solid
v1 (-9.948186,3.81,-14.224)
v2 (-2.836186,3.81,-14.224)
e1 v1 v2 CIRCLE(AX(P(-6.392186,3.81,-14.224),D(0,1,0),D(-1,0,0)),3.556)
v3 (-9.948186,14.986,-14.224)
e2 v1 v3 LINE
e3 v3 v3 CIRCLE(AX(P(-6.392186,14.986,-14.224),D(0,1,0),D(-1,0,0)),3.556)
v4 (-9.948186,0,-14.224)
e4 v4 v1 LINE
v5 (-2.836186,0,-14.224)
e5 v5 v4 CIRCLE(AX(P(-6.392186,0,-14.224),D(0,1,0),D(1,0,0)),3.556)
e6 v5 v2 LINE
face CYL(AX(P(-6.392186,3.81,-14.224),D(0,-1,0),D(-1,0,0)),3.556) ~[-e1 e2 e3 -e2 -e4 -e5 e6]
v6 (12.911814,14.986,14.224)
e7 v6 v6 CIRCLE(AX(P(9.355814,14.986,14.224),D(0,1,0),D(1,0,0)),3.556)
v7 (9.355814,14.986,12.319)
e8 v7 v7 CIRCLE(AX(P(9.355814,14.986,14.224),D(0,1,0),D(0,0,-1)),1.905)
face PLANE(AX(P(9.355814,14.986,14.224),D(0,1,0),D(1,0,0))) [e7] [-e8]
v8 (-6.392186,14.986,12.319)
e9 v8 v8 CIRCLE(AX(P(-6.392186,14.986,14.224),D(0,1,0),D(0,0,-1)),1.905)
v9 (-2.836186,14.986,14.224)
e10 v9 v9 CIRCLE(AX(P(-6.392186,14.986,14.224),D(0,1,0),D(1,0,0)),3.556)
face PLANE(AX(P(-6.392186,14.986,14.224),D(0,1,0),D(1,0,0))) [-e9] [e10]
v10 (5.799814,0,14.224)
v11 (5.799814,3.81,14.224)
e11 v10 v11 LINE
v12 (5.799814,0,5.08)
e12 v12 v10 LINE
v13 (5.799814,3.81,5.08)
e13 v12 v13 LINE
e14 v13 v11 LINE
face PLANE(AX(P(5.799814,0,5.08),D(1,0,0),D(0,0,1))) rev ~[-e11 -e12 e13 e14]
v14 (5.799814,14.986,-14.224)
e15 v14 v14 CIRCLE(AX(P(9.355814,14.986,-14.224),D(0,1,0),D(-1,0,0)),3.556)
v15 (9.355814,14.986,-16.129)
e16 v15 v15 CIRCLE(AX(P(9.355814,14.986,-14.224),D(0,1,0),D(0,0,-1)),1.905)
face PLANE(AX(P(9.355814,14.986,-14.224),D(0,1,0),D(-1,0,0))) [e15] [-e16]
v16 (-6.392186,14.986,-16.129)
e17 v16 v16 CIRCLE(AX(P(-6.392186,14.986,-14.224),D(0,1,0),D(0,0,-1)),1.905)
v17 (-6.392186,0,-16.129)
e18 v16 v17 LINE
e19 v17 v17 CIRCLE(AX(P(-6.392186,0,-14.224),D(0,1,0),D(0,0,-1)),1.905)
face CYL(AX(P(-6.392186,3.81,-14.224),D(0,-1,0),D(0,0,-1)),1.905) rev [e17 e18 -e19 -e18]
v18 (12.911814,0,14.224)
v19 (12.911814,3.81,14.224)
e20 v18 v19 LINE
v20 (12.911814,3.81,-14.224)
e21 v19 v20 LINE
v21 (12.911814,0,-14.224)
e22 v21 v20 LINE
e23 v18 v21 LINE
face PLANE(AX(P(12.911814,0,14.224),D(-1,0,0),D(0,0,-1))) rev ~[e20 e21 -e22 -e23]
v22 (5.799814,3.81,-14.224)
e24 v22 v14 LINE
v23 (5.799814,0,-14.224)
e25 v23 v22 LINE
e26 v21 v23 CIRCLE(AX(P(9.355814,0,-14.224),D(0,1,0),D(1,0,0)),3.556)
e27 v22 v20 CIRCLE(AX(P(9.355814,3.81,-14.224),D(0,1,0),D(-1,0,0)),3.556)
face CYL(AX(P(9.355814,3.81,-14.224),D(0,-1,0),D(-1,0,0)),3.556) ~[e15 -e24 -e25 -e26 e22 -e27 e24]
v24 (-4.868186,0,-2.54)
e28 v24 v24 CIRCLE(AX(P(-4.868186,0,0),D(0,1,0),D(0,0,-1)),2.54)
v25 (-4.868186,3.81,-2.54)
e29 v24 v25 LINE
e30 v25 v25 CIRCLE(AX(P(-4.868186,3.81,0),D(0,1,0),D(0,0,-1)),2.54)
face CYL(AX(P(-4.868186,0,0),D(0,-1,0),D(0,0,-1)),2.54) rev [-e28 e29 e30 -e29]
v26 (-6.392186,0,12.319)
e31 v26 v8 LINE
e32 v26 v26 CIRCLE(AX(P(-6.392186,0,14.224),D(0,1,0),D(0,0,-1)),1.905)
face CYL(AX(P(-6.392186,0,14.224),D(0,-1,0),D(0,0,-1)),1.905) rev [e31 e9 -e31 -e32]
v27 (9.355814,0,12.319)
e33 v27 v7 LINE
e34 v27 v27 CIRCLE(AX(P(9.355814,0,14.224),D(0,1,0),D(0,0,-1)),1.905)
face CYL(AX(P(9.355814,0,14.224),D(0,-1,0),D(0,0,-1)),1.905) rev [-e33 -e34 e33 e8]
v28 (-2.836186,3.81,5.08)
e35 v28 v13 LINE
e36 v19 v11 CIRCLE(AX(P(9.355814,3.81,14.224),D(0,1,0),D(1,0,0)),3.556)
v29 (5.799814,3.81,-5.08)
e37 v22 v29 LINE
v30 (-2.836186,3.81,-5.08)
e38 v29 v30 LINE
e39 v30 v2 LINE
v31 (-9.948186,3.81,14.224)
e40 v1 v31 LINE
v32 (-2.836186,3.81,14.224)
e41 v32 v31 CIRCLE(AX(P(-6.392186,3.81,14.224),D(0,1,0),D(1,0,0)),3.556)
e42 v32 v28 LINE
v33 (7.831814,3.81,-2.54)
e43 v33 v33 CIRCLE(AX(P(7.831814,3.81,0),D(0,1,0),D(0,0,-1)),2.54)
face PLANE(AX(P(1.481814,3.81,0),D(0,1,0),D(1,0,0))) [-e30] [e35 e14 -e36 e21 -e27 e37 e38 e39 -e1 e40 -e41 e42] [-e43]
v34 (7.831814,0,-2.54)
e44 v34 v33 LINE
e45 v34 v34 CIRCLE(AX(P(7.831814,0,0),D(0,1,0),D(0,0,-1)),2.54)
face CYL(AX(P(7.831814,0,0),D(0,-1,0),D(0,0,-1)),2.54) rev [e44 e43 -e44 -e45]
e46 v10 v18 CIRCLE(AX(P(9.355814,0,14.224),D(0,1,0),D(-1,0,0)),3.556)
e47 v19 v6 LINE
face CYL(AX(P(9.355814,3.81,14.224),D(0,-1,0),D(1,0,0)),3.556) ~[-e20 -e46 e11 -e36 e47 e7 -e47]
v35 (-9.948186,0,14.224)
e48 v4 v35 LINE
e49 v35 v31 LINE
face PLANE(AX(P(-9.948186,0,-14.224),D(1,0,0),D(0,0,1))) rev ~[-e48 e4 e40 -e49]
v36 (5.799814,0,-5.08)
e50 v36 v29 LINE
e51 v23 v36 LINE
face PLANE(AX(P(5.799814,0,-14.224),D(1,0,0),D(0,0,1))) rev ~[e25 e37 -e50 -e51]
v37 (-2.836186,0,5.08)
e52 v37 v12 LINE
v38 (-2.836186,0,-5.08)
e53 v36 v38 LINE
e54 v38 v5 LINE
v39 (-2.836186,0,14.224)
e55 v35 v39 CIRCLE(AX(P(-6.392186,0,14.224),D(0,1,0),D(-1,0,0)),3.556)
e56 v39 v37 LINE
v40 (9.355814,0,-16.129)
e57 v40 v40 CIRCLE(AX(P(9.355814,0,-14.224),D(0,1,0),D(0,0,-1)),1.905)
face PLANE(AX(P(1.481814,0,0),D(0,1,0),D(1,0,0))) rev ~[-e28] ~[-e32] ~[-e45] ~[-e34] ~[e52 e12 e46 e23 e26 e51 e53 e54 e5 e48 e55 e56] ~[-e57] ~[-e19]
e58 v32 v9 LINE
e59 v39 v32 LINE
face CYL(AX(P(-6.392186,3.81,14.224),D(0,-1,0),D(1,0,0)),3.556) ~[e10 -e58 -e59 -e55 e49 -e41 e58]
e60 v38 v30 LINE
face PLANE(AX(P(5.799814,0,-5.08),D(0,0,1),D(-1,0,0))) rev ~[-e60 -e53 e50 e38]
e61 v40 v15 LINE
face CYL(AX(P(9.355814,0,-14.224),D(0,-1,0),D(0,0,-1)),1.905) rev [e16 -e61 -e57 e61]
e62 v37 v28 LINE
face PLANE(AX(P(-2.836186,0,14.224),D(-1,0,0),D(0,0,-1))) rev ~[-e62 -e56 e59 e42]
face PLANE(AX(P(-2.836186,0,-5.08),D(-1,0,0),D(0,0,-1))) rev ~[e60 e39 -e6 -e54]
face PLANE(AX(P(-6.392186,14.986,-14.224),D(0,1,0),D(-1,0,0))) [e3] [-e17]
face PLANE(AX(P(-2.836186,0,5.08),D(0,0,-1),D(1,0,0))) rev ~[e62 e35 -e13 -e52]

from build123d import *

# Parameters (mm, degrees)
SKETCH1_R           = 2.54
SKETCH1_R_2         = 1.905
BOSS_EXTRUDE1_DEPTH = 3.81
SKETCH4_R           = 3.556
SKETCH4_R_2         = 1.905
BOSS_EXTRUDE4_DEPTH = 11.176


with BuildPart() as part:
    # Sketch1 → Boss-Extrude1 (new body)
    with BuildSketch(Plane(origin=(0, 0, 0), x_dir=(1, 0, 0), z_dir=(0, 1, 0))):
        with BuildLine():
            Line((-9.948186072, 14.224), (-9.948186072, -14.224))
            ThreePointArc((-9.948186072, -14.224), (-6.392186072, -17.78), (-2.836186072, -14.224))
            Line((-2.836186072, -14.224), (-2.836186072, -5.08))
            Line((-2.836186072, -5.08), (5.799813928, -5.08))
            Line((5.799813928, -5.08), (5.799813928, -14.224))
            ThreePointArc((5.799813928, -14.224), (9.355813928, -17.78), (12.911813928, -14.224))
            Line((12.911813928, -14.224), (12.911813928, 14.224))
            ThreePointArc((12.911813928, 14.224), (9.355813928, 17.78), (5.799813928, 14.224))
            Line((5.799813928, 14.224), (5.799813928, 5.08))
            Line((5.799813928, 5.08), (-2.836186072, 5.08))
            Line((-2.836186072, 5.08), (-2.836186072, 14.224))
            ThreePointArc((-2.836186072, 14.224), (-6.392186072, 17.78), (-9.948186072, 14.224))
        make_face()
        with Locations(Location((7.831813928, 0, 0), (0, 0, 90))):
            Circle(SKETCH1_R, mode=Mode.SUBTRACT)
        with Locations(Location((-4.868186072, 0, 0), (0, 0, 90))):
            Circle(SKETCH1_R, mode=Mode.SUBTRACT)
        with Locations(Location((-6.392186072, 14.224, 0), (0, 0, 90))):
            Circle(SKETCH1_R_2, mode=Mode.SUBTRACT)
        with Locations(Location((-6.392186072, -14.224, 0), (0, 0, 90))):
            Circle(SKETCH1_R_2, mode=Mode.SUBTRACT)
        with Locations(Location((9.355813928, 14.224, 0), (0, 0, 90))):
            Circle(SKETCH1_R_2, mode=Mode.SUBTRACT)
        with Locations(Location((9.355813928, -14.224, 0), (0, 0, 90))):
            Circle(SKETCH1_R_2, mode=Mode.SUBTRACT)
    extrude(amount=BOSS_EXTRUDE1_DEPTH)

    # Sketch4 → Boss-Extrude4 (add)
    # profile 1 of 4: a face of its own
    with BuildSketch(Plane(origin=(0, 3.81, 0), x_dir=(1, 0, 0), z_dir=(0, 1, 0))):
        with Locations(Location((-6.392186072, 14.224, 0), (0, 0, 180))):
            Circle(SKETCH4_R)
        with Locations(Location((-6.392186072, 14.224, 0), (0, 0, 90))):
            Circle(SKETCH4_R_2, mode=Mode.SUBTRACT)
    # profile 2 of 4: a face of its own
    with BuildSketch(Plane(origin=(0, 3.81, 0), x_dir=(1, 0, 0), z_dir=(0, 1, 0))):
        with Locations(Location((9.355813928, 14.224, 0), (0, 0, 180))):
            Circle(SKETCH4_R)
        with Locations(Location((9.355813928, 14.224, 0), (0, 0, 90))):
            Circle(SKETCH4_R_2, mode=Mode.SUBTRACT)
    # profile 3 of 4: a face of its own
    with BuildSketch(Plane(origin=(0, 3.81, 0), x_dir=(1, 0, 0), z_dir=(0, 1, 0))):
        with Locations((9.355813928, -14.224)):
            Circle(SKETCH4_R)
        with Locations(Location((9.355813928, -14.224, 0), (0, 0, 90))):
            Circle(SKETCH4_R_2, mode=Mode.SUBTRACT)
    # profile 4 of 4: a face of its own
    with BuildSketch(Plane(origin=(0, 3.81, 0), x_dir=(1, 0, 0), z_dir=(0, 1, 0))):
        with Locations((-6.392186072, -14.224)):
            Circle(SKETCH4_R)
        with Locations(Location((-6.392186072, -14.224, 0), (0, 0, 90))):
            Circle(SKETCH4_R_2, mode=Mode.SUBTRACT)
    extrude(amount=BOSS_EXTRUDE4_DEPTH)


solid = part.part
